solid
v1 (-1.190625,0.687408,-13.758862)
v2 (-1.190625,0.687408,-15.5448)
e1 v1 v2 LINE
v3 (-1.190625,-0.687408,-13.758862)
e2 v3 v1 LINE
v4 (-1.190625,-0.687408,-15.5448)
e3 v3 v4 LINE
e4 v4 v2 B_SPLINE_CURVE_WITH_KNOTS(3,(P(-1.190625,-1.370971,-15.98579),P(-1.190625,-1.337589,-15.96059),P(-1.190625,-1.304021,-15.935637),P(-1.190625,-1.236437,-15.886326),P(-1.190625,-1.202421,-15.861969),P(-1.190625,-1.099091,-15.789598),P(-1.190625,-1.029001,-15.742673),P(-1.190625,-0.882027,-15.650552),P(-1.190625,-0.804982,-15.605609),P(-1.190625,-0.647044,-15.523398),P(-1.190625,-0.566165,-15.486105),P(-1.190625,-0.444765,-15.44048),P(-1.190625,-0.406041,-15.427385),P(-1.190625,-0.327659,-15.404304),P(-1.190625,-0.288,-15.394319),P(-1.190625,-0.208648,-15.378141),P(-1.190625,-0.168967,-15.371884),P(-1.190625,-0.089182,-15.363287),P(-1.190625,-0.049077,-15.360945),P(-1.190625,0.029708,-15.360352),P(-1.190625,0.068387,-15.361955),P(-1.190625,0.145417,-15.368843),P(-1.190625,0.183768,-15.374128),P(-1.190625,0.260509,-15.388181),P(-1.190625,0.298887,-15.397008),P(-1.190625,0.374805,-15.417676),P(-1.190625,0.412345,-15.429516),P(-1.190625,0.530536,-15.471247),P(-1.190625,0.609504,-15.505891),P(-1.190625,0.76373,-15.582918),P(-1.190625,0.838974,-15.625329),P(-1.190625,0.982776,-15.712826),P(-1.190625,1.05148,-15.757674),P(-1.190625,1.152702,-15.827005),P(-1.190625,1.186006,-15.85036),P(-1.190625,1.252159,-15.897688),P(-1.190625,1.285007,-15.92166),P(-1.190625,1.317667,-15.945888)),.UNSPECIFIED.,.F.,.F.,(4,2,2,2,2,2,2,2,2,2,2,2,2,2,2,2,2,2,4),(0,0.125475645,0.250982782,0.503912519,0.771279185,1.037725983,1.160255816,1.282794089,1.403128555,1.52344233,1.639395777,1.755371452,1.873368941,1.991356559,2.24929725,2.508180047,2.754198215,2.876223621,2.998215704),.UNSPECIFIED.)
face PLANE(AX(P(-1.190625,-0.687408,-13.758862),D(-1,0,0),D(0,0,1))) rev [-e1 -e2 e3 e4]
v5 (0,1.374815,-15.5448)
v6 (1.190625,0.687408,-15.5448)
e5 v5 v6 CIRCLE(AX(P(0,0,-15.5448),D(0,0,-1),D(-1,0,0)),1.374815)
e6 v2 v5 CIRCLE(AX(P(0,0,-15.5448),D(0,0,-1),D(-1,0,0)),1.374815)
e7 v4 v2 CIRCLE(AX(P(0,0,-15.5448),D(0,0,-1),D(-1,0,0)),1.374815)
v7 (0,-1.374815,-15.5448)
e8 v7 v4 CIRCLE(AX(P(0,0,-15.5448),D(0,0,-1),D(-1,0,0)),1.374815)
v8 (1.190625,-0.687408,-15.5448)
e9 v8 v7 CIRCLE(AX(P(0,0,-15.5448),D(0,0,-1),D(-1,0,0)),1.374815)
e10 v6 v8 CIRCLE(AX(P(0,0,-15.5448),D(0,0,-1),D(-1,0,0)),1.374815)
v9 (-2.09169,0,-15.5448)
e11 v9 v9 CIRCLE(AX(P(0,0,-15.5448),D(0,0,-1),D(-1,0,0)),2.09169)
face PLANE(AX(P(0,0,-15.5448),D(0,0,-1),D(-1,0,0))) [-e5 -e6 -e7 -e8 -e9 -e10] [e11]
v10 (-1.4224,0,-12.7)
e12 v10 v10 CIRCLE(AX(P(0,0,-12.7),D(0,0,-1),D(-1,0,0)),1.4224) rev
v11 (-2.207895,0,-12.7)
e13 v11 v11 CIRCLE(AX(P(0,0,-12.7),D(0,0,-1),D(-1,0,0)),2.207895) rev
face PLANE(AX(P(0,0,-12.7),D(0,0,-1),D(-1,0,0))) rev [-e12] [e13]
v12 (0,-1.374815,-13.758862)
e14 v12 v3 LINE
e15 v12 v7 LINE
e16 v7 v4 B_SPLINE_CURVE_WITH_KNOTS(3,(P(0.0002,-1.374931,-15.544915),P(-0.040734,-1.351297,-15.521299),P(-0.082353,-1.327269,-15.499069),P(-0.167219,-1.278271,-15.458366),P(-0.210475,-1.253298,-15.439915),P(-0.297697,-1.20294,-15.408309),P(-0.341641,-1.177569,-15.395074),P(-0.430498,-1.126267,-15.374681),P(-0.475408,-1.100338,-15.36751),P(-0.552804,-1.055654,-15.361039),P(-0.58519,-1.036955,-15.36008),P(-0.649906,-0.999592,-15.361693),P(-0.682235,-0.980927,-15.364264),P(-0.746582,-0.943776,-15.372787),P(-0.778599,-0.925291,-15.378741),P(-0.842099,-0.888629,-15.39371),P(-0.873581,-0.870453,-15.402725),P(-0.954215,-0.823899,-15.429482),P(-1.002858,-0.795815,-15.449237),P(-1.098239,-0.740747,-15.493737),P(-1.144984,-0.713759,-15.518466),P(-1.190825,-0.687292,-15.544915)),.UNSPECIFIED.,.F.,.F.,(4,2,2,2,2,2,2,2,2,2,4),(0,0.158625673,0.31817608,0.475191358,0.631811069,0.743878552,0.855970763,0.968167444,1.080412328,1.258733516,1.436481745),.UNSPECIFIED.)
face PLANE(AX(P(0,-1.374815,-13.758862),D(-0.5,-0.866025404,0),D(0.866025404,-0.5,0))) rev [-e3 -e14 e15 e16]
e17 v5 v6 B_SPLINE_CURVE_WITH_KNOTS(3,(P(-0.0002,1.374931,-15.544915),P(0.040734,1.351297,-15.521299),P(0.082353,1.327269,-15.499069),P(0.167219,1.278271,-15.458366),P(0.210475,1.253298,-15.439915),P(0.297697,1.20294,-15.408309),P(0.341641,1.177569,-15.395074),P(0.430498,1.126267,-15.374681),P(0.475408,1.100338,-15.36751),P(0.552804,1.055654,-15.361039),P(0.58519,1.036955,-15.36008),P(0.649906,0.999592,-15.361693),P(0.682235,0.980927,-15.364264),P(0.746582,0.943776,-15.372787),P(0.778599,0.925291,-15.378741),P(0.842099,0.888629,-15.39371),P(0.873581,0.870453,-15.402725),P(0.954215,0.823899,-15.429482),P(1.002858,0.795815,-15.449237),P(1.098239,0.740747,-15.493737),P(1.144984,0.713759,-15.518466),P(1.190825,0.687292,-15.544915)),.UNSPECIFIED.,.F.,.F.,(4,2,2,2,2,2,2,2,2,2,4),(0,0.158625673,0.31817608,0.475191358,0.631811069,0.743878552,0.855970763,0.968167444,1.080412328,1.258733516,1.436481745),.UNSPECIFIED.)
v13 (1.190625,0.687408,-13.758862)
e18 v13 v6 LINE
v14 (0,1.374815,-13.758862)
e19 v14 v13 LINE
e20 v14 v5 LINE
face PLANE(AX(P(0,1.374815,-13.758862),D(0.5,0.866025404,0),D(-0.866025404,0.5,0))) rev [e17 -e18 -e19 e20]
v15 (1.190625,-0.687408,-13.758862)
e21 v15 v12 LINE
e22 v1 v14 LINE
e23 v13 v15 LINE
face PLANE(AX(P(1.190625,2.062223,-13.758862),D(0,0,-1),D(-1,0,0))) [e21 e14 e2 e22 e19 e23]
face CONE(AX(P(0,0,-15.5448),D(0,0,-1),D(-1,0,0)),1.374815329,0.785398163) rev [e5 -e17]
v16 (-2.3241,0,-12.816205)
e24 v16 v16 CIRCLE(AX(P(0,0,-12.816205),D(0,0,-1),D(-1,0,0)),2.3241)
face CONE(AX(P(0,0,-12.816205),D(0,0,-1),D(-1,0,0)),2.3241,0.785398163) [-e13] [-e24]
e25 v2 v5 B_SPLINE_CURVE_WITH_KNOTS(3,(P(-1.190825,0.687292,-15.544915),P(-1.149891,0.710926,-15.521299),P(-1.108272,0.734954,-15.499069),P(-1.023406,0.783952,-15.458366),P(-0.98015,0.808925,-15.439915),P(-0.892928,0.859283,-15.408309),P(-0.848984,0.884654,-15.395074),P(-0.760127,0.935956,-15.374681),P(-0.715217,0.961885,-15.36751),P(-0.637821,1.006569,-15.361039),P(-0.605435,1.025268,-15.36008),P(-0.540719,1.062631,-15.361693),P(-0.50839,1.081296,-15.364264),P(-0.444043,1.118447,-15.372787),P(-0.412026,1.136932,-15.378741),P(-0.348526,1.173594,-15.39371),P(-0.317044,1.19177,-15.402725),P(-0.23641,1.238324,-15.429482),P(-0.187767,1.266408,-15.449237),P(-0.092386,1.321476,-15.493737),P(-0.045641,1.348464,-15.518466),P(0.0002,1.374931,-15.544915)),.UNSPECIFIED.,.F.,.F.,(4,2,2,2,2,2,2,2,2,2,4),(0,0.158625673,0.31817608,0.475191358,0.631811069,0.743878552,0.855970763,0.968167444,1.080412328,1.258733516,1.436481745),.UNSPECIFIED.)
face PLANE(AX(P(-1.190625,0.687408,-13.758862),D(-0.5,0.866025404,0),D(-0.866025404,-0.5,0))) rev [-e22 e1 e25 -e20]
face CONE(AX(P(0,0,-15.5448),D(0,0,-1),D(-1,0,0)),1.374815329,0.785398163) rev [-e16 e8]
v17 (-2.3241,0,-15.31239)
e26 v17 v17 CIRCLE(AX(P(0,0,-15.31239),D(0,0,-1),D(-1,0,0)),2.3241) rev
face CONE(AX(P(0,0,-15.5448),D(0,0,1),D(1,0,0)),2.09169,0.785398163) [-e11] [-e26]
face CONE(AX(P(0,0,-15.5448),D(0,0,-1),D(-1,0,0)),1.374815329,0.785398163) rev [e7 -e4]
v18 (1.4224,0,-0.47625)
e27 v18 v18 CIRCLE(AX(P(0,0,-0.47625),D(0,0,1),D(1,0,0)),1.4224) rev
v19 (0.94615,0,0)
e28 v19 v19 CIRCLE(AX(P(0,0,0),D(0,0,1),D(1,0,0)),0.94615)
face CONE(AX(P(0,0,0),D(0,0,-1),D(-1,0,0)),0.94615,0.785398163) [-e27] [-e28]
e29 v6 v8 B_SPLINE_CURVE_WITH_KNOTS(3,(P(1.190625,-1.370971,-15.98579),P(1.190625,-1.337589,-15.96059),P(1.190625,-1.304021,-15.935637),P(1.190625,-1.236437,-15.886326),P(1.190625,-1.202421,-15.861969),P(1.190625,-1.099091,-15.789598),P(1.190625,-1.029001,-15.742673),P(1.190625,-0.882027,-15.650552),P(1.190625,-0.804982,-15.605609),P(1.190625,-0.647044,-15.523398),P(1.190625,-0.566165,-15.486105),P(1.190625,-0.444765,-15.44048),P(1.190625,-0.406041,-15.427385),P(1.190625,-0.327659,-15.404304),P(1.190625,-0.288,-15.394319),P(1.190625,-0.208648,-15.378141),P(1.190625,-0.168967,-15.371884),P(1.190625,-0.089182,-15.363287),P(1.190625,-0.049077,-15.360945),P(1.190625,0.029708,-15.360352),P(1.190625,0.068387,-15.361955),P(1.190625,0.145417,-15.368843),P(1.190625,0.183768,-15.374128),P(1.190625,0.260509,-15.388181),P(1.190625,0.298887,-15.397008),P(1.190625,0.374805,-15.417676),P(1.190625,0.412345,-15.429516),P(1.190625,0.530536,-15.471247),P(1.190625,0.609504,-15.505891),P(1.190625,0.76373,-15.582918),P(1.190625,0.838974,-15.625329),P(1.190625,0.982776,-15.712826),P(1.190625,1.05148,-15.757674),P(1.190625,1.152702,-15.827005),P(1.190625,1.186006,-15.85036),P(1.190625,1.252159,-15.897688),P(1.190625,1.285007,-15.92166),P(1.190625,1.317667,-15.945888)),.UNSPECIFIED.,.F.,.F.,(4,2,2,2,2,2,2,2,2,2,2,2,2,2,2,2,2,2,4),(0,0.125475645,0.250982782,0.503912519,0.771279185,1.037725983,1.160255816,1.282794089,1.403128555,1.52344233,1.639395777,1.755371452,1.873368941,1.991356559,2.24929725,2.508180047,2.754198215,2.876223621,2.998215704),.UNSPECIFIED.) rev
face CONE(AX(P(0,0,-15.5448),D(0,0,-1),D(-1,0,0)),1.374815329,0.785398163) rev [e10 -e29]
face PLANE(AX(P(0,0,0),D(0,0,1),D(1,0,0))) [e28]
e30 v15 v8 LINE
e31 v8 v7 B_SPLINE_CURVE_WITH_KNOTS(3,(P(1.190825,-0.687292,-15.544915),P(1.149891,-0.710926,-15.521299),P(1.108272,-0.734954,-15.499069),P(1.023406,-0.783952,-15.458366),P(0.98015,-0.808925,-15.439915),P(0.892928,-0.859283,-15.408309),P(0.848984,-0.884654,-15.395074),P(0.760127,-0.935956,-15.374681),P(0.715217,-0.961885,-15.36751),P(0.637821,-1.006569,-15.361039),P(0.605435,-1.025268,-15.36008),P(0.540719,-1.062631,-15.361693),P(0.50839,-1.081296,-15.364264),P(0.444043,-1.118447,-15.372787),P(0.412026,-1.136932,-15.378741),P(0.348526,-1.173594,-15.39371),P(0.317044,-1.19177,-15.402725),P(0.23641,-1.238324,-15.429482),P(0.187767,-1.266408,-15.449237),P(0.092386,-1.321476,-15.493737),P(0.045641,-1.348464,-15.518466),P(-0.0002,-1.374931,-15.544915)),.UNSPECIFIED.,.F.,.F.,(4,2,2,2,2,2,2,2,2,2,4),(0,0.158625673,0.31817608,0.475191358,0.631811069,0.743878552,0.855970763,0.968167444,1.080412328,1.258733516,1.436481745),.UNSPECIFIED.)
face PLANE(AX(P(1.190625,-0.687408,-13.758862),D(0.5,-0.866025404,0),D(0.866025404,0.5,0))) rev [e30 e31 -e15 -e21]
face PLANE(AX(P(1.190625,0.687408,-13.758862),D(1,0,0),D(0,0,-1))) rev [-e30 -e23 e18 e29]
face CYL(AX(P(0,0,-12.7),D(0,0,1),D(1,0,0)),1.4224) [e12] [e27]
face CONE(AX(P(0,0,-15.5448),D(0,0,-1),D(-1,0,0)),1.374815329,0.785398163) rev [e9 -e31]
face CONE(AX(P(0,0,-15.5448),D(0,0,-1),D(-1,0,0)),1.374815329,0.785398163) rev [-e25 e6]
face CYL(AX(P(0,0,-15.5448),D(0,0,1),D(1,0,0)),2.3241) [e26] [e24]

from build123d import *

# Parameters (mm, degrees)
SKETCH1_R          = 1.4224
EXTRUDE1_DEPTH     = 12.7
CHAMFER3_SIZE      = 0.47625
SKETCH6_R          = 2.3241
EXTRUDE2_DEPTH     = 2.8448
CUT_EXTRUDE1_DEPTH = 1.7859375
CHAMFER1_SIZE      = 0.23241
CHAMFER2_SIZE      = 0.116205


with BuildPart() as part:
    # Sketch1 → Extrude1 (new body)
    with BuildSketch(Plane.XY):
        Circle(SKETCH1_R)
    extrude(amount=-EXTRUDE1_DEPTH)

    # Chamfer3
    chamfer3_edges = [part.edges().sort_by_distance(p)[0] for p in [
        (-1.4224, 0, 0),
    ]]
    chamfer(chamfer3_edges, length=CHAMFER3_SIZE)

    # Sketch6 → Extrude2 (add)
    with BuildSketch(Plane(origin=(0, 0, -12.7), x_dir=(-1, 0, 0), z_dir=(0, 0, -1))):
        Circle(SKETCH6_R)
    extrude(amount=EXTRUDE2_DEPTH)

    # Sketch7 → Cut-Extrude1 (cut)
    with BuildSketch(Plane(origin=(0, 0, -15.5448), x_dir=(-1, 0, 0), z_dir=(0, 0, -1))):
        Polygon((0, 1.374815329), (-1.190625, 0.687407664), (-1.190625, -0.687407664), (0, -1.374815329), (1.190625, -0.687407664), (1.190625, 0.687407664), align=None)
    extrude(amount=-CUT_EXTRUDE1_DEPTH, mode=Mode.SUBTRACT)

    # Cut-Extrude2 cone 1 section (through the dimple's axis) → Cut-Extrude2 (revolve, cut)
    with BuildSketch(Plane(origin=(0, 0, -15.5448), x_dir=(0, 1, 0), z_dir=(1, 0, 0))):
        Polygon((0, 0), (1.374815329, 0), (0, 1.374815329), align=None)
    revolve(axis=Axis((0, 0, -15.5448), (0, 0, 1)), mode=Mode.SUBTRACT)

    # Chamfer1
    chamfer1_edges = [part.edges().sort_by_distance(p)[0] for p in [
        (2.3241, 0, -15.5448),
    ]]
    chamfer(chamfer1_edges, length=CHAMFER1_SIZE)

    # Chamfer2
    chamfer2_edges = [part.edges().sort_by_distance(p)[0] for p in [
        (2.3241, 0, -12.7),
    ]]
    chamfer(chamfer2_edges, length=CHAMFER2_SIZE)


solid = part.part
